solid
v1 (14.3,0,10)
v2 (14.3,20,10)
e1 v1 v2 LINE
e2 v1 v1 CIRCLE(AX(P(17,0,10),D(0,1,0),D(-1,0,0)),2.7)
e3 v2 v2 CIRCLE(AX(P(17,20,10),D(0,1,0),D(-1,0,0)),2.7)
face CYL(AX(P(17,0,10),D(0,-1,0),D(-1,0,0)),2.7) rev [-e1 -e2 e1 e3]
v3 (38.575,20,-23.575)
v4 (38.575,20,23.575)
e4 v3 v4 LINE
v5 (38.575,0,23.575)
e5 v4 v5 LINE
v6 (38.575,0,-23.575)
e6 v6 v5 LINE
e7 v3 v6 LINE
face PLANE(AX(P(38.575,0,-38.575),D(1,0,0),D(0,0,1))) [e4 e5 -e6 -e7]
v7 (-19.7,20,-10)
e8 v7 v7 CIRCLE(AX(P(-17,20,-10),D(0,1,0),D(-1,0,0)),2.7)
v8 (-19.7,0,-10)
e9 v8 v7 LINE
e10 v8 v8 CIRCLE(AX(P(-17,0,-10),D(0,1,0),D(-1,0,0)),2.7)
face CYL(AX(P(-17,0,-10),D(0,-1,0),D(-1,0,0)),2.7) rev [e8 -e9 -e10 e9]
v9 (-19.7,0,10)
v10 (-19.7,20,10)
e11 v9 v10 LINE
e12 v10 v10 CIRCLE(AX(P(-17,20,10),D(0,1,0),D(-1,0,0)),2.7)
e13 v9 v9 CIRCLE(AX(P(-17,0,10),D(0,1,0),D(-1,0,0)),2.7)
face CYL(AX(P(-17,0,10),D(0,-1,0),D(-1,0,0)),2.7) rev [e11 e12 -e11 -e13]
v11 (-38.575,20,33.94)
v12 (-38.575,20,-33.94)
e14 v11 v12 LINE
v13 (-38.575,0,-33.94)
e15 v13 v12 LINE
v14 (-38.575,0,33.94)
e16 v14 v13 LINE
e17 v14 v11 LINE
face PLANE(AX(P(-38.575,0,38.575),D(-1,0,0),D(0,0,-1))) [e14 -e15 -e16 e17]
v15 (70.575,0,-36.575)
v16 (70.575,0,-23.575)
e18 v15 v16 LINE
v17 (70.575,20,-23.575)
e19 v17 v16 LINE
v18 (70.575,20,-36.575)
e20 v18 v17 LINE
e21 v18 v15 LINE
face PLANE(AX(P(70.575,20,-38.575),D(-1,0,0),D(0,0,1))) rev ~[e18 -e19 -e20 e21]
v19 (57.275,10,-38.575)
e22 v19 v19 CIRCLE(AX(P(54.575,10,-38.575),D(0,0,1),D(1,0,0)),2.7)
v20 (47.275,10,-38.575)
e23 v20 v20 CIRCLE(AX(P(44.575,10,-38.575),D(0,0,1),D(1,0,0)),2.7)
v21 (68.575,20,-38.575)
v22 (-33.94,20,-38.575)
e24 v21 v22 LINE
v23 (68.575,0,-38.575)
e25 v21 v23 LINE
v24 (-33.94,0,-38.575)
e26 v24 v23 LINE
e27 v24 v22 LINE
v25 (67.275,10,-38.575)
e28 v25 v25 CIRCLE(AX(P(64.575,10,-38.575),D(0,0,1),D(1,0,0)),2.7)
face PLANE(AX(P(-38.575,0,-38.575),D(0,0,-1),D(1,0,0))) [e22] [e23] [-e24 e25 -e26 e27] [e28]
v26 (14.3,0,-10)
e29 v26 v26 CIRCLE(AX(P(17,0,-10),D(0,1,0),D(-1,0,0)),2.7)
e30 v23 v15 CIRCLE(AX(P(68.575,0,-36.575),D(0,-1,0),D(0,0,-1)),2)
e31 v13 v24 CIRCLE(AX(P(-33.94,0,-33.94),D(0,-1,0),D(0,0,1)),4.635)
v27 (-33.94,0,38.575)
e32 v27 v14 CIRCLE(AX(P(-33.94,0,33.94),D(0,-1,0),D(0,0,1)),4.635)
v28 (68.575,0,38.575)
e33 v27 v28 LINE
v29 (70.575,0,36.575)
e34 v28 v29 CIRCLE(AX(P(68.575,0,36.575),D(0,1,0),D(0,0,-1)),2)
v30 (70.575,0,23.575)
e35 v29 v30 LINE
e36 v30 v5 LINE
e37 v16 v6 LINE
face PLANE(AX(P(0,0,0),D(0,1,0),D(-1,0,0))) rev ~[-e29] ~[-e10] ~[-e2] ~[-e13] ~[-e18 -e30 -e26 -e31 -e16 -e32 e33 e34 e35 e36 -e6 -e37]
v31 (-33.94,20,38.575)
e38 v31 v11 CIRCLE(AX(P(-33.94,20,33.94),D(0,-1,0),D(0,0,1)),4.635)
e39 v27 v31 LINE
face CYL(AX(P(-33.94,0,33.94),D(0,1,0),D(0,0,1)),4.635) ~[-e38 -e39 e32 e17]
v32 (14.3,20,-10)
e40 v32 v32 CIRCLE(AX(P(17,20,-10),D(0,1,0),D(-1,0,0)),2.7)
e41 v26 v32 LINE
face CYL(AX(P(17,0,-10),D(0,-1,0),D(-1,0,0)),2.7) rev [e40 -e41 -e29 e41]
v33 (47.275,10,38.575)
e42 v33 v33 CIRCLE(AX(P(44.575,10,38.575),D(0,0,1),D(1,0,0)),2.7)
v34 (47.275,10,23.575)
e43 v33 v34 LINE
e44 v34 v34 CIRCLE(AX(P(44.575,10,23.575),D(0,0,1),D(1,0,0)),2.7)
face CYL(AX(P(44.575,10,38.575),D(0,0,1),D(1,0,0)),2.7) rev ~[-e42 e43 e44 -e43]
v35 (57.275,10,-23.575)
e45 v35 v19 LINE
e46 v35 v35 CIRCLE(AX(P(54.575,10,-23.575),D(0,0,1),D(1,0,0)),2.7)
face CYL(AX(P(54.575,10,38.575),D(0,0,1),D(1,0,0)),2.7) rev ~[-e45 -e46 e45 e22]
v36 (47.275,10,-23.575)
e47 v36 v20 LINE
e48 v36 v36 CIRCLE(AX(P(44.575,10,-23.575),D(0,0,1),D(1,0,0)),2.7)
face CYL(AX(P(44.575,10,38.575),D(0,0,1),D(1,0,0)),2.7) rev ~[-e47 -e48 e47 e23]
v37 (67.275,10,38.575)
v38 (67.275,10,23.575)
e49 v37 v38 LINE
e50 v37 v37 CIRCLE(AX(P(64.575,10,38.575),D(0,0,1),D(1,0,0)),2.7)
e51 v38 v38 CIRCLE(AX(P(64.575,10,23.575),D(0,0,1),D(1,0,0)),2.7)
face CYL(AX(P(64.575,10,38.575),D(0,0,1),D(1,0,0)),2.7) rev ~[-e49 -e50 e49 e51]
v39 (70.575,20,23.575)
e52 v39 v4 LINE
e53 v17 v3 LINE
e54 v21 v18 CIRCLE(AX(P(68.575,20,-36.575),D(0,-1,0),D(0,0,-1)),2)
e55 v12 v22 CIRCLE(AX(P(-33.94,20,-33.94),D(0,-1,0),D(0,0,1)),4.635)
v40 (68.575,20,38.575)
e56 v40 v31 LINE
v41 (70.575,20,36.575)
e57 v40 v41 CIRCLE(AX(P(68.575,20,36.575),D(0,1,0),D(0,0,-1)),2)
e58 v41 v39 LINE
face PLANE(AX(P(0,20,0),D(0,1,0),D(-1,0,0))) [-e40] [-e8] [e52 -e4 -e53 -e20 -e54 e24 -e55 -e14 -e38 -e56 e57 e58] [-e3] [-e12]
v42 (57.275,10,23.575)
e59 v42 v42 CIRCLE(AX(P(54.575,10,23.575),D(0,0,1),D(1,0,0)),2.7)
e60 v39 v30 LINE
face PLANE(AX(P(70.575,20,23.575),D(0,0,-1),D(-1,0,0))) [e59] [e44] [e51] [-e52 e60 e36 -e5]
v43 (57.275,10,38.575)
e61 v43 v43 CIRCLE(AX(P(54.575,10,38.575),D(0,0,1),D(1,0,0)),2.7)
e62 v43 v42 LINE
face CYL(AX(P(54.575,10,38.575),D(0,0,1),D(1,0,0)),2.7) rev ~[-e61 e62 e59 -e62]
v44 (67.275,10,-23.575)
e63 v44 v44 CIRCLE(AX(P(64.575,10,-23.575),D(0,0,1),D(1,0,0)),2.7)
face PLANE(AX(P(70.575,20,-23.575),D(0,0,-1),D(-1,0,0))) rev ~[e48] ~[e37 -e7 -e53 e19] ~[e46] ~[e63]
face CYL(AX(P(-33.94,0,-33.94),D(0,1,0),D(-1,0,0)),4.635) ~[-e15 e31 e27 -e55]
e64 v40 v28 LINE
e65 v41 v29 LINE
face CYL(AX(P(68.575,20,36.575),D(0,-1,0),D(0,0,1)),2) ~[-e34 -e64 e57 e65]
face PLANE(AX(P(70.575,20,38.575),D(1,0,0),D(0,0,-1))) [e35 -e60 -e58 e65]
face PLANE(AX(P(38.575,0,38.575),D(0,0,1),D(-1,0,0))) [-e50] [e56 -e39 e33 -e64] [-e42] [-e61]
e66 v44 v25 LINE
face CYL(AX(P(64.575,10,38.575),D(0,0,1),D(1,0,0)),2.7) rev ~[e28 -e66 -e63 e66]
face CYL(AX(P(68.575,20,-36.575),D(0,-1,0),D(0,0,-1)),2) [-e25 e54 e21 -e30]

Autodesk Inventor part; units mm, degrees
ref_plane "YZ Plane" through (0, 0, 0) normal (1, 0, 0) x (0, 1, 0)
ref_plane "XZ Plane" through (0, 0, 0) normal (0, 1, 0) x (-1, 0, 0)
ref_plane "XY Plane" through (0, 0, 0) normal (0, 0, 1) x (1, 0, 0)
sketch "Boceto1" plane through (0, 0, 0) normal (0, 1, 0) x (-1, 0, 0)
  line L0 (-38.575, 38.575) -> (38.575, 38.575)
  line L1 (38.575, 38.575) -> (38.575, -38.575)
  line L2 (38.575, -38.575) -> (-38.575, -38.575)
  line L3 (-38.575, -38.575) -> (-38.575, 38.575)
  line L4 (-38.575, 38.575) -> (38.575, -38.575) construction
  line L5 (38.575, 38.575) -> (-38.575, -38.575) construction
  circle A0 centre (17, 10) radius 2.7
  circle A1 centre (17, -10) radius 2.7
  circle A2 centre (-17, -10) radius 2.7
  circle A3 centre (-17, 10) radius 2.7
  point P0 (0, 0)
  dimension "d0" = 77.15
  dimension "d1" = 77.15
  dimension "d2" = 5.4
  dimension "d3" = 10
  dimension "d4" = 10
  dimension "d5" = 17
  dimension "d6" = 17
extrude "Extrusión1" add sketch "Boceto1" along normal blind 20
sketch "Boceto2" plane through (0, 20, 0) normal (0, 1, 0) x (1, 0, 0)
  line L0 (-38.575, -38.575) -> (38.575, -38.575) projected
  line L1 (38.575, -38.575) -> (70.575, -38.575)
  line L2 (70.575, -38.575) -> (70.575, -23.575)
  line L3 (70.575, -23.575) -> (38.575, -23.575)
  line L4 (38.575, -23.575) -> (38.575, -38.575)
  line L5 (38.575, 38.575) -> (-38.575, 38.575) projected
  line L6 (38.575, 38.575) -> (70.575, 38.575)
  line L7 (70.575, 38.575) -> (70.575, 23.575)
  line L8 (70.575, 23.575) -> (38.575, 23.575)
  line L9 (38.575, 23.575) -> (38.575, 38.575)
  point P0 (0, 0)
  dimension "d9" = 32
  dimension "d10" = 15
extrude "Extrusión2" add sketch "Boceto2" against normal up to surface (20 mm away)
sketch "Boceto3" plane through (-38.575, 0, 38.575) normal (0, 0, 1) x (1, 0, 0)
  circle A0 centre (103.15, 10) radius 2.7
  circle A1 centre (93.15, 10) radius 2.7
  line L0 (109.15, 20) -> (109.15, 0) projected
  circle A2 centre (83.15, 10) radius 2.7
  point P0 (38.575, 0)
  dimension "d13" = 5.4
  dimension "d14" = 6
  dimension "d15" = 10
  dimension "d34" = 10
extrude "Extrusión3" cut sketch "Boceto3" against normal through all
fillet "Empalme2" radius 4.635 2 edges at (-38.575, 10, 38.575) (-38.575, 10, -38.575)
fillet "Empalme3" radius 2 2 edges at (70.575, 10, -38.575) (70.575, 10, 38.575)
sketch "Boceto4" plane through (0, 20, 0) normal (0, 1, 0) x (1, 0, 0)
  line L0 (53.225, -32.695) -> (61.325, -32.695)
  line L1 (61.325, -32.695) -> (61.325, -28.455)
  line L2 (61.325, -28.455) -> (53.225, -28.455)
  line L3 (53.225, -28.455) -> (53.225, -32.695)
  line L4 (53.225, -32.695) -> (61.325, -28.455) construction
  line L5 (61.325, -32.695) -> (53.225, -28.455) construction
  line L6 (57.275, -38.575) -> (51.875, -38.575) projected
  point P0 (0, 0)
  point P1 (57.275, -30.575)
  dimension "d21" = 8.1
  dimension "d23" = 1.35
  dimension "d24" = 8
  dimension "d25" = 4.24
properties part number "UpperJaw" material "Plástico ABS"
